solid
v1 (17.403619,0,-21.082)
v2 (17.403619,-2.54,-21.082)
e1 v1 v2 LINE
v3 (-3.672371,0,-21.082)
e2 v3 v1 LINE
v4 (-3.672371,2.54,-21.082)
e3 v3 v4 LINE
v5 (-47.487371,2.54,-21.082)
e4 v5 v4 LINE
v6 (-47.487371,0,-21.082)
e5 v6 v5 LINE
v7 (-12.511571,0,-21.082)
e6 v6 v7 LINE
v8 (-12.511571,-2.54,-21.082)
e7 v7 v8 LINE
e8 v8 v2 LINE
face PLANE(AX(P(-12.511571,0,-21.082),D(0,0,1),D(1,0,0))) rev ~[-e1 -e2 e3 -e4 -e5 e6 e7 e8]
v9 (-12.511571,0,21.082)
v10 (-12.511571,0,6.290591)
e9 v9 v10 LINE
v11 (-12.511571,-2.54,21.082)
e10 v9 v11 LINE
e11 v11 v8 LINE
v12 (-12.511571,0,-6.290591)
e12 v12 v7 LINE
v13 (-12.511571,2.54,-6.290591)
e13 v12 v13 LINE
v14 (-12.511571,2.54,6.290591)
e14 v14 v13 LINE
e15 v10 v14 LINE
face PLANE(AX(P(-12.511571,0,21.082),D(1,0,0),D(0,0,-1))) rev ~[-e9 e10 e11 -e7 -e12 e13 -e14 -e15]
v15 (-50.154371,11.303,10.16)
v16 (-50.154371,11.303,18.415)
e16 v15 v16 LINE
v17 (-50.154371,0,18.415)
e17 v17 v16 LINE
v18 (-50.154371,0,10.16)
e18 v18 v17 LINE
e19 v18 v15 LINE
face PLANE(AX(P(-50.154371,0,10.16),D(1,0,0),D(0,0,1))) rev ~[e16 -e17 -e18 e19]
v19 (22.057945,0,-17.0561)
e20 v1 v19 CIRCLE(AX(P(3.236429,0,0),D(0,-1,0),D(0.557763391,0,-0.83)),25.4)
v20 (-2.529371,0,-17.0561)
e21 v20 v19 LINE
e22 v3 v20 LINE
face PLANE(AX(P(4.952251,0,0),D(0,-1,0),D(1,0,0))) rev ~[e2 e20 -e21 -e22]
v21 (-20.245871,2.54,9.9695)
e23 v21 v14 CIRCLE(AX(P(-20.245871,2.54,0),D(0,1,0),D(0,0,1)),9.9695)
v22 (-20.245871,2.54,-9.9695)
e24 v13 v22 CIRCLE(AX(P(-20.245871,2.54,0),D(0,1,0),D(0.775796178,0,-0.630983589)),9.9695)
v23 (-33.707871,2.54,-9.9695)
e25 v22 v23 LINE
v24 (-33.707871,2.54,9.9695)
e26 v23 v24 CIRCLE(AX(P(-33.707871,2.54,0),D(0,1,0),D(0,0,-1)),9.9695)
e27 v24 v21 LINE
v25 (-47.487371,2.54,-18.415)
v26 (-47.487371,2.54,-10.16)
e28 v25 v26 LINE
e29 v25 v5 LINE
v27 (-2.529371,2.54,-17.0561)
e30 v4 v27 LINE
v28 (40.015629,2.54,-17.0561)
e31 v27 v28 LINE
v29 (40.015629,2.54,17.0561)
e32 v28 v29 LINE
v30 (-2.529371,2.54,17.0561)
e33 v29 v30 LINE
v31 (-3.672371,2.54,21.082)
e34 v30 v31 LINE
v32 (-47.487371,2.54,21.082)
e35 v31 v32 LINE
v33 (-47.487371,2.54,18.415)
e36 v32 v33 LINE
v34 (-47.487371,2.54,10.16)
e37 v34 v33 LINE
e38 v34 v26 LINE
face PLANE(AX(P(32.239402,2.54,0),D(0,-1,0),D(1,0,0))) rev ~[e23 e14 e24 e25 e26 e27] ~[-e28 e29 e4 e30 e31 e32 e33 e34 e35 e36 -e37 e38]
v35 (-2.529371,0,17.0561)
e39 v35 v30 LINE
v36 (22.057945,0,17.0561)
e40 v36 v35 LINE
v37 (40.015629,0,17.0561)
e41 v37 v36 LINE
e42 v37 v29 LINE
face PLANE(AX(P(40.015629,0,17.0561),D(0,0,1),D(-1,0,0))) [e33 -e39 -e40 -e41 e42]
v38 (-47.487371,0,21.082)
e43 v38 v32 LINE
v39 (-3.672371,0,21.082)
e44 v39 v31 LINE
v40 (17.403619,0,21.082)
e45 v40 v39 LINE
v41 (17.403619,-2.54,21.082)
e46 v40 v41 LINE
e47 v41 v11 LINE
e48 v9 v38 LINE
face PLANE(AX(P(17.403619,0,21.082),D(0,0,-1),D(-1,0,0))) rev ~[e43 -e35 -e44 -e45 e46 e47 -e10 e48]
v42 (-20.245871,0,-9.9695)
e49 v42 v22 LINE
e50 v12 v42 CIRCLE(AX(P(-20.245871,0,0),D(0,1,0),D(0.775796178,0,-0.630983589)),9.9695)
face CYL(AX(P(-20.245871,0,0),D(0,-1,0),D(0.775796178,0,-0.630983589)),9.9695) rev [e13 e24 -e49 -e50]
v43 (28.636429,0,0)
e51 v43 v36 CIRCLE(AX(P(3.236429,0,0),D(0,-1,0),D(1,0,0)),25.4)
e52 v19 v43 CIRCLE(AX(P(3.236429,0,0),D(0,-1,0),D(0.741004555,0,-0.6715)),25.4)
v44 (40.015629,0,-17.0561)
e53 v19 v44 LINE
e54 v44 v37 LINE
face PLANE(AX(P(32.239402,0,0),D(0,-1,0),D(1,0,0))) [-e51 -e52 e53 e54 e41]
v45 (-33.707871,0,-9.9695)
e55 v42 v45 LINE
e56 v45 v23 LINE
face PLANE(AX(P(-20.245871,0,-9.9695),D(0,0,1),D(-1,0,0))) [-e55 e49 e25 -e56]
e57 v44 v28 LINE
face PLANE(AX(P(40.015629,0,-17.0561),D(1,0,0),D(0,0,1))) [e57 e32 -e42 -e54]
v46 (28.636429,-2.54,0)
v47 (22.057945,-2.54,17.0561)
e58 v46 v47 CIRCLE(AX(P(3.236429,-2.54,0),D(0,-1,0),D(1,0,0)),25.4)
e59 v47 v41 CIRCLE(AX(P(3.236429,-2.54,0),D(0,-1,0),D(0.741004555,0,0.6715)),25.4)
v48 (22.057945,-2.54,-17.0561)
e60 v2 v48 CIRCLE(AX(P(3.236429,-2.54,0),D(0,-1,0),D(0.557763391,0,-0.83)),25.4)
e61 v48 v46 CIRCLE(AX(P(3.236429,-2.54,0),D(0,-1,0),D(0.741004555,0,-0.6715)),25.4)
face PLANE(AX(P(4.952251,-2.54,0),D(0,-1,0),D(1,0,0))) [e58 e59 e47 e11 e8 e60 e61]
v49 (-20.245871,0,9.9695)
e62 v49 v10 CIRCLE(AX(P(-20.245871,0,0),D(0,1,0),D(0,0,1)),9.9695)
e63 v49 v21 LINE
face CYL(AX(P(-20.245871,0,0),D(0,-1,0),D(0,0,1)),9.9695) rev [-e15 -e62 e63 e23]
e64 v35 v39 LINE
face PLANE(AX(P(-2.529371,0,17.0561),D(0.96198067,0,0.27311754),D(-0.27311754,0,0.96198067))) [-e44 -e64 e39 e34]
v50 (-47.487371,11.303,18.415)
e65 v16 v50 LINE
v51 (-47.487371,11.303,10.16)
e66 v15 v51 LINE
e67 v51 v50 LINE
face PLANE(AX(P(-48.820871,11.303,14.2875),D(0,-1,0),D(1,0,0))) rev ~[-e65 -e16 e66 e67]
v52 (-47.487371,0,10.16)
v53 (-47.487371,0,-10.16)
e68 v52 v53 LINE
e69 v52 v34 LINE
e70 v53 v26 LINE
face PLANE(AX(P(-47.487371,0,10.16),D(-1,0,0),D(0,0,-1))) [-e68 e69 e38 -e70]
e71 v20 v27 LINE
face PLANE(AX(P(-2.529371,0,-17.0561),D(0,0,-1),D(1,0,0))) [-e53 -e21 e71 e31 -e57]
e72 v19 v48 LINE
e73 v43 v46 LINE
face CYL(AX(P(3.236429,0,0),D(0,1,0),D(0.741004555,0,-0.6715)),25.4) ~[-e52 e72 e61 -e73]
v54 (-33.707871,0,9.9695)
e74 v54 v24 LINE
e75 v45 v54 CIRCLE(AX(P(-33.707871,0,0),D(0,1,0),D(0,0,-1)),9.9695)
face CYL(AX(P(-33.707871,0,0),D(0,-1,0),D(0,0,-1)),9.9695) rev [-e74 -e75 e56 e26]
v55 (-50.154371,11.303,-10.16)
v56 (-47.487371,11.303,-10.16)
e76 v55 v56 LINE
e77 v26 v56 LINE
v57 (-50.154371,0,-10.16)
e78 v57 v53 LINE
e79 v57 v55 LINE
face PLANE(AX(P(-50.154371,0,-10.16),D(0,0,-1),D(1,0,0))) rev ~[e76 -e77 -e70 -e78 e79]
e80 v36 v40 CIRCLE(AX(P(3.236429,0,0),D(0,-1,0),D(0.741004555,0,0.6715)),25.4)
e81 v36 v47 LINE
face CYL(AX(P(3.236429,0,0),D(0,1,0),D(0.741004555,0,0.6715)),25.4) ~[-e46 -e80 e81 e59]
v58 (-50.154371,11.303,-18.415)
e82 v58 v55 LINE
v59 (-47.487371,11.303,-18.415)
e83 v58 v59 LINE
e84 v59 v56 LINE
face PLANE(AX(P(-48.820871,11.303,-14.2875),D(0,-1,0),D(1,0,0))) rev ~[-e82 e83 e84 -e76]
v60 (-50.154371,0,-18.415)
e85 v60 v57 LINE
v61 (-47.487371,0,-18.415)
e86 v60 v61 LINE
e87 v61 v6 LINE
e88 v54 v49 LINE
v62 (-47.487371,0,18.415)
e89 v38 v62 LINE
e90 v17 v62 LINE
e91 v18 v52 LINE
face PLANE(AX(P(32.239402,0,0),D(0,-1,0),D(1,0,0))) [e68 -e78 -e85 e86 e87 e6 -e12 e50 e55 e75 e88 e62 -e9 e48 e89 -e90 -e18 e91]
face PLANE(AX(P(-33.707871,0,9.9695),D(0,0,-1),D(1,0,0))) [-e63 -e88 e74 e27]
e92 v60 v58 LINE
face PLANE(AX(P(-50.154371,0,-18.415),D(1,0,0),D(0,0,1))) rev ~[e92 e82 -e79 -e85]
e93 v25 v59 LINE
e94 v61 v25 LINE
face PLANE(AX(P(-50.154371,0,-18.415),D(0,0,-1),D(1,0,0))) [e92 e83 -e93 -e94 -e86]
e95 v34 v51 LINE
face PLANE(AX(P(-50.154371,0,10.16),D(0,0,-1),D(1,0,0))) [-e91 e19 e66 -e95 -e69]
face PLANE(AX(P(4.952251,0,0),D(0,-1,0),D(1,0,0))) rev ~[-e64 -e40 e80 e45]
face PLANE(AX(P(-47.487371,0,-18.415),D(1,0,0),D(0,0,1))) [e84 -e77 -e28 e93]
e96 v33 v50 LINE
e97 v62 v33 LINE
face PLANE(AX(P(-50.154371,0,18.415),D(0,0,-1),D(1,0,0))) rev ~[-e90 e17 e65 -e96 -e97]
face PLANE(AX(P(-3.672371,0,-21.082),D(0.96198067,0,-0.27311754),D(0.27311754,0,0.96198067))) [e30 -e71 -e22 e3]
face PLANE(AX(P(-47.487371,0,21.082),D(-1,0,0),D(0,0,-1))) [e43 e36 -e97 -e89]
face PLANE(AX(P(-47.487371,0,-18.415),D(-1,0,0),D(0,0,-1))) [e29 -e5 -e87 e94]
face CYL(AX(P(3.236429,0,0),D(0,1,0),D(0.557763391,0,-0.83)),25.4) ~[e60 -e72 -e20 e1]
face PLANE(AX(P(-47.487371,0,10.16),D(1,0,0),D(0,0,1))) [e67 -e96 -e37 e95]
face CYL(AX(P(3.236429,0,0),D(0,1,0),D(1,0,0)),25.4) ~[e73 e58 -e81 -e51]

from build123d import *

# Parameters (mm, degrees)
F0_W     = 2.667
F0_H     = 8.255
F1_DEPTH = 2.54
F2_DEPTH = 2.54
F3_DEPTH = 11.303


with BuildPart() as f1:
    # F0 (on Front) → F1 (new body)
    with BuildSketch(Plane.XZ):
        with BuildLine():
            Line((40.015628993, 17.0561), (22.057944681, 17.0561))
            ThreePointArc((22.057944681, 17.0561), (26.9348097233, 9.1403911713), (28.636428993, 0))
            ThreePointArc((28.636428993, 0), (26.9348097233, -9.1403911713), (22.057944681, -17.0561))
            Line((22.057944681, -17.0561), (40.015628993, -17.0561))
            Line((40.015628993, -17.0561), (40.015628993, 0))
            Line((40.015628993, 0), (40.015628993, 17.0561))
        make_face()
        with Locations((-48.820871007, 14.2875)):
            Rectangle(F0_W, F0_H)
        with BuildLine():
            Line((-3.672371007, 21.082), (-12.511571007, 21.082))
            Line((-12.511571007, 21.082), (-12.511571007, 6.2905908912))
            ThreePointArc((-12.511571007, 6.2905908912), (-10.276371007, 0), (-12.511571007, -6.2905908912))
            Line((-12.511571007, -6.2905908912), (-12.511571007, -21.082))
            Line((-12.511571007, -21.082), (-3.672371007, -21.082))
            Line((-3.672371007, -21.082), (-2.529371007, -17.0561))
            Line((-2.529371007, -17.0561), (22.057944681, -17.0561))
            ThreePointArc((22.057944681, -17.0561), (26.9348097233, -9.1403911713), (28.636428993, 0))
            ThreePointArc((28.636428993, 0), (26.9348097233, 9.1403911713), (22.057944681, 17.0561))
            Line((22.057944681, 17.0561), (-2.529371007, 17.0561))
            Line((-2.529371007, 17.0561), (-3.672371007, 21.082))
        make_face()
        with BuildLine():
            ThreePointArc((-12.511571007, -6.2905908912), (-10.276371007, 0), (-12.511571007, 6.2905908912))
            Line((-12.511571007, 6.2905908912), (-12.511571007, 0))
            Line((-12.511571007, 0), (-12.511571007, -6.2905908912))
        make_face()
        with BuildLine():
            Line((-12.511571007, 21.082), (-47.487371007, 21.082))
            Line((-47.487371007, 21.082), (-47.487371007, 18.415))
            Line((-47.487371007, 18.415), (-47.487371007, 10.16))
            Line((-47.487371007, 10.16), (-47.487371007, 0))
            Line((-47.487371007, 0), (-47.487371007, -10.16))
            Line((-47.487371007, -10.16), (-47.487371007, -18.415))
            Line((-47.487371007, -18.415), (-47.487371007, -21.082))
            Line((-47.487371007, -21.082), (-12.511571007, -21.082))
            Line((-12.511571007, -21.082), (-12.511571007, -6.2905908912))
            ThreePointArc((-12.511571007, -6.2905908912), (-15.9635302708, -9.0029155316), (-20.245871007, -9.9695))
            Line((-20.245871007, -9.9695), (-33.707871007, -9.9695))
            ThreePointArc((-33.707871007, -9.9695), (-43.677371007, 0), (-33.707871007, 9.9695))
            Line((-33.707871007, 9.9695), (-20.245871007, 9.9695))
            ThreePointArc((-20.245871007, 9.9695), (-15.9635302708, 9.0029155316), (-12.511571007, 6.2905908912))
            Line((-12.511571007, 6.2905908912), (-12.511571007, 21.082))
        make_face()
        with Locations((-48.820871007, -14.2875)):
            Rectangle(F0_W, F0_H)
    extrude(amount=-F1_DEPTH)

    # F0 (on Front) → F2 (join)
    with BuildSketch(Plane.XZ):
        with BuildLine():
            Line((-3.672371007, 21.082), (-12.511571007, 21.082))
            Line((-12.511571007, 21.082), (-12.511571007, 6.2905908912))
            ThreePointArc((-12.511571007, 6.2905908912), (-10.276371007, 0), (-12.511571007, -6.2905908912))
            Line((-12.511571007, -6.2905908912), (-12.511571007, -21.082))
            Line((-12.511571007, -21.082), (-3.672371007, -21.082))
            Line((-3.672371007, -21.082), (-2.529371007, -17.0561))
            Line((-2.529371007, -17.0561), (22.057944681, -17.0561))
            ThreePointArc((22.057944681, -17.0561), (26.9348097233, -9.1403911713), (28.636428993, 0))
            ThreePointArc((28.636428993, 0), (26.9348097233, 9.1403911713), (22.057944681, 17.0561))
            Line((22.057944681, 17.0561), (-2.529371007, 17.0561))
            Line((-2.529371007, 17.0561), (-3.672371007, 21.082))
        make_face()
        with BuildLine():
            ThreePointArc((-12.511571007, -6.2905908912), (-10.276371007, 0), (-12.511571007, 6.2905908912))
            Line((-12.511571007, 6.2905908912), (-12.511571007, 0))
            Line((-12.511571007, 0), (-12.511571007, -6.2905908912))
        make_face()
        with BuildLine():
            Line((17.4036191167, 21.082), (-3.672371007, 21.082))
            Line((-3.672371007, 21.082), (-2.529371007, 17.0561))
            Line((-2.529371007, 17.0561), (22.057944681, 17.0561))
            ThreePointArc((22.057944681, 17.0561), (19.8531568744, 19.2105271796), (17.4036191167, 21.082))
        make_face()
        with BuildLine():
            Line((-2.529371007, -17.0561), (-3.672371007, -21.082))
            Line((-3.672371007, -21.082), (17.4036191167, -21.082))
            ThreePointArc((17.4036191167, -21.082), (19.8531568744, -19.2105271796), (22.057944681, -17.0561))
            Line((22.057944681, -17.0561), (-2.529371007, -17.0561))
        make_face()
    extrude(amount=F2_DEPTH)

    # F0 (on Front) → F3 (join)
    with BuildSketch(Plane.XZ):
        with Locations((-48.820871007, 14.2875)):
            Rectangle(F0_W, F0_H)
        with Locations((-48.820871007, -14.2875)):
            Rectangle(F0_W, F0_H)
    extrude(amount=-F3_DEPTH)


solid = f1.part
